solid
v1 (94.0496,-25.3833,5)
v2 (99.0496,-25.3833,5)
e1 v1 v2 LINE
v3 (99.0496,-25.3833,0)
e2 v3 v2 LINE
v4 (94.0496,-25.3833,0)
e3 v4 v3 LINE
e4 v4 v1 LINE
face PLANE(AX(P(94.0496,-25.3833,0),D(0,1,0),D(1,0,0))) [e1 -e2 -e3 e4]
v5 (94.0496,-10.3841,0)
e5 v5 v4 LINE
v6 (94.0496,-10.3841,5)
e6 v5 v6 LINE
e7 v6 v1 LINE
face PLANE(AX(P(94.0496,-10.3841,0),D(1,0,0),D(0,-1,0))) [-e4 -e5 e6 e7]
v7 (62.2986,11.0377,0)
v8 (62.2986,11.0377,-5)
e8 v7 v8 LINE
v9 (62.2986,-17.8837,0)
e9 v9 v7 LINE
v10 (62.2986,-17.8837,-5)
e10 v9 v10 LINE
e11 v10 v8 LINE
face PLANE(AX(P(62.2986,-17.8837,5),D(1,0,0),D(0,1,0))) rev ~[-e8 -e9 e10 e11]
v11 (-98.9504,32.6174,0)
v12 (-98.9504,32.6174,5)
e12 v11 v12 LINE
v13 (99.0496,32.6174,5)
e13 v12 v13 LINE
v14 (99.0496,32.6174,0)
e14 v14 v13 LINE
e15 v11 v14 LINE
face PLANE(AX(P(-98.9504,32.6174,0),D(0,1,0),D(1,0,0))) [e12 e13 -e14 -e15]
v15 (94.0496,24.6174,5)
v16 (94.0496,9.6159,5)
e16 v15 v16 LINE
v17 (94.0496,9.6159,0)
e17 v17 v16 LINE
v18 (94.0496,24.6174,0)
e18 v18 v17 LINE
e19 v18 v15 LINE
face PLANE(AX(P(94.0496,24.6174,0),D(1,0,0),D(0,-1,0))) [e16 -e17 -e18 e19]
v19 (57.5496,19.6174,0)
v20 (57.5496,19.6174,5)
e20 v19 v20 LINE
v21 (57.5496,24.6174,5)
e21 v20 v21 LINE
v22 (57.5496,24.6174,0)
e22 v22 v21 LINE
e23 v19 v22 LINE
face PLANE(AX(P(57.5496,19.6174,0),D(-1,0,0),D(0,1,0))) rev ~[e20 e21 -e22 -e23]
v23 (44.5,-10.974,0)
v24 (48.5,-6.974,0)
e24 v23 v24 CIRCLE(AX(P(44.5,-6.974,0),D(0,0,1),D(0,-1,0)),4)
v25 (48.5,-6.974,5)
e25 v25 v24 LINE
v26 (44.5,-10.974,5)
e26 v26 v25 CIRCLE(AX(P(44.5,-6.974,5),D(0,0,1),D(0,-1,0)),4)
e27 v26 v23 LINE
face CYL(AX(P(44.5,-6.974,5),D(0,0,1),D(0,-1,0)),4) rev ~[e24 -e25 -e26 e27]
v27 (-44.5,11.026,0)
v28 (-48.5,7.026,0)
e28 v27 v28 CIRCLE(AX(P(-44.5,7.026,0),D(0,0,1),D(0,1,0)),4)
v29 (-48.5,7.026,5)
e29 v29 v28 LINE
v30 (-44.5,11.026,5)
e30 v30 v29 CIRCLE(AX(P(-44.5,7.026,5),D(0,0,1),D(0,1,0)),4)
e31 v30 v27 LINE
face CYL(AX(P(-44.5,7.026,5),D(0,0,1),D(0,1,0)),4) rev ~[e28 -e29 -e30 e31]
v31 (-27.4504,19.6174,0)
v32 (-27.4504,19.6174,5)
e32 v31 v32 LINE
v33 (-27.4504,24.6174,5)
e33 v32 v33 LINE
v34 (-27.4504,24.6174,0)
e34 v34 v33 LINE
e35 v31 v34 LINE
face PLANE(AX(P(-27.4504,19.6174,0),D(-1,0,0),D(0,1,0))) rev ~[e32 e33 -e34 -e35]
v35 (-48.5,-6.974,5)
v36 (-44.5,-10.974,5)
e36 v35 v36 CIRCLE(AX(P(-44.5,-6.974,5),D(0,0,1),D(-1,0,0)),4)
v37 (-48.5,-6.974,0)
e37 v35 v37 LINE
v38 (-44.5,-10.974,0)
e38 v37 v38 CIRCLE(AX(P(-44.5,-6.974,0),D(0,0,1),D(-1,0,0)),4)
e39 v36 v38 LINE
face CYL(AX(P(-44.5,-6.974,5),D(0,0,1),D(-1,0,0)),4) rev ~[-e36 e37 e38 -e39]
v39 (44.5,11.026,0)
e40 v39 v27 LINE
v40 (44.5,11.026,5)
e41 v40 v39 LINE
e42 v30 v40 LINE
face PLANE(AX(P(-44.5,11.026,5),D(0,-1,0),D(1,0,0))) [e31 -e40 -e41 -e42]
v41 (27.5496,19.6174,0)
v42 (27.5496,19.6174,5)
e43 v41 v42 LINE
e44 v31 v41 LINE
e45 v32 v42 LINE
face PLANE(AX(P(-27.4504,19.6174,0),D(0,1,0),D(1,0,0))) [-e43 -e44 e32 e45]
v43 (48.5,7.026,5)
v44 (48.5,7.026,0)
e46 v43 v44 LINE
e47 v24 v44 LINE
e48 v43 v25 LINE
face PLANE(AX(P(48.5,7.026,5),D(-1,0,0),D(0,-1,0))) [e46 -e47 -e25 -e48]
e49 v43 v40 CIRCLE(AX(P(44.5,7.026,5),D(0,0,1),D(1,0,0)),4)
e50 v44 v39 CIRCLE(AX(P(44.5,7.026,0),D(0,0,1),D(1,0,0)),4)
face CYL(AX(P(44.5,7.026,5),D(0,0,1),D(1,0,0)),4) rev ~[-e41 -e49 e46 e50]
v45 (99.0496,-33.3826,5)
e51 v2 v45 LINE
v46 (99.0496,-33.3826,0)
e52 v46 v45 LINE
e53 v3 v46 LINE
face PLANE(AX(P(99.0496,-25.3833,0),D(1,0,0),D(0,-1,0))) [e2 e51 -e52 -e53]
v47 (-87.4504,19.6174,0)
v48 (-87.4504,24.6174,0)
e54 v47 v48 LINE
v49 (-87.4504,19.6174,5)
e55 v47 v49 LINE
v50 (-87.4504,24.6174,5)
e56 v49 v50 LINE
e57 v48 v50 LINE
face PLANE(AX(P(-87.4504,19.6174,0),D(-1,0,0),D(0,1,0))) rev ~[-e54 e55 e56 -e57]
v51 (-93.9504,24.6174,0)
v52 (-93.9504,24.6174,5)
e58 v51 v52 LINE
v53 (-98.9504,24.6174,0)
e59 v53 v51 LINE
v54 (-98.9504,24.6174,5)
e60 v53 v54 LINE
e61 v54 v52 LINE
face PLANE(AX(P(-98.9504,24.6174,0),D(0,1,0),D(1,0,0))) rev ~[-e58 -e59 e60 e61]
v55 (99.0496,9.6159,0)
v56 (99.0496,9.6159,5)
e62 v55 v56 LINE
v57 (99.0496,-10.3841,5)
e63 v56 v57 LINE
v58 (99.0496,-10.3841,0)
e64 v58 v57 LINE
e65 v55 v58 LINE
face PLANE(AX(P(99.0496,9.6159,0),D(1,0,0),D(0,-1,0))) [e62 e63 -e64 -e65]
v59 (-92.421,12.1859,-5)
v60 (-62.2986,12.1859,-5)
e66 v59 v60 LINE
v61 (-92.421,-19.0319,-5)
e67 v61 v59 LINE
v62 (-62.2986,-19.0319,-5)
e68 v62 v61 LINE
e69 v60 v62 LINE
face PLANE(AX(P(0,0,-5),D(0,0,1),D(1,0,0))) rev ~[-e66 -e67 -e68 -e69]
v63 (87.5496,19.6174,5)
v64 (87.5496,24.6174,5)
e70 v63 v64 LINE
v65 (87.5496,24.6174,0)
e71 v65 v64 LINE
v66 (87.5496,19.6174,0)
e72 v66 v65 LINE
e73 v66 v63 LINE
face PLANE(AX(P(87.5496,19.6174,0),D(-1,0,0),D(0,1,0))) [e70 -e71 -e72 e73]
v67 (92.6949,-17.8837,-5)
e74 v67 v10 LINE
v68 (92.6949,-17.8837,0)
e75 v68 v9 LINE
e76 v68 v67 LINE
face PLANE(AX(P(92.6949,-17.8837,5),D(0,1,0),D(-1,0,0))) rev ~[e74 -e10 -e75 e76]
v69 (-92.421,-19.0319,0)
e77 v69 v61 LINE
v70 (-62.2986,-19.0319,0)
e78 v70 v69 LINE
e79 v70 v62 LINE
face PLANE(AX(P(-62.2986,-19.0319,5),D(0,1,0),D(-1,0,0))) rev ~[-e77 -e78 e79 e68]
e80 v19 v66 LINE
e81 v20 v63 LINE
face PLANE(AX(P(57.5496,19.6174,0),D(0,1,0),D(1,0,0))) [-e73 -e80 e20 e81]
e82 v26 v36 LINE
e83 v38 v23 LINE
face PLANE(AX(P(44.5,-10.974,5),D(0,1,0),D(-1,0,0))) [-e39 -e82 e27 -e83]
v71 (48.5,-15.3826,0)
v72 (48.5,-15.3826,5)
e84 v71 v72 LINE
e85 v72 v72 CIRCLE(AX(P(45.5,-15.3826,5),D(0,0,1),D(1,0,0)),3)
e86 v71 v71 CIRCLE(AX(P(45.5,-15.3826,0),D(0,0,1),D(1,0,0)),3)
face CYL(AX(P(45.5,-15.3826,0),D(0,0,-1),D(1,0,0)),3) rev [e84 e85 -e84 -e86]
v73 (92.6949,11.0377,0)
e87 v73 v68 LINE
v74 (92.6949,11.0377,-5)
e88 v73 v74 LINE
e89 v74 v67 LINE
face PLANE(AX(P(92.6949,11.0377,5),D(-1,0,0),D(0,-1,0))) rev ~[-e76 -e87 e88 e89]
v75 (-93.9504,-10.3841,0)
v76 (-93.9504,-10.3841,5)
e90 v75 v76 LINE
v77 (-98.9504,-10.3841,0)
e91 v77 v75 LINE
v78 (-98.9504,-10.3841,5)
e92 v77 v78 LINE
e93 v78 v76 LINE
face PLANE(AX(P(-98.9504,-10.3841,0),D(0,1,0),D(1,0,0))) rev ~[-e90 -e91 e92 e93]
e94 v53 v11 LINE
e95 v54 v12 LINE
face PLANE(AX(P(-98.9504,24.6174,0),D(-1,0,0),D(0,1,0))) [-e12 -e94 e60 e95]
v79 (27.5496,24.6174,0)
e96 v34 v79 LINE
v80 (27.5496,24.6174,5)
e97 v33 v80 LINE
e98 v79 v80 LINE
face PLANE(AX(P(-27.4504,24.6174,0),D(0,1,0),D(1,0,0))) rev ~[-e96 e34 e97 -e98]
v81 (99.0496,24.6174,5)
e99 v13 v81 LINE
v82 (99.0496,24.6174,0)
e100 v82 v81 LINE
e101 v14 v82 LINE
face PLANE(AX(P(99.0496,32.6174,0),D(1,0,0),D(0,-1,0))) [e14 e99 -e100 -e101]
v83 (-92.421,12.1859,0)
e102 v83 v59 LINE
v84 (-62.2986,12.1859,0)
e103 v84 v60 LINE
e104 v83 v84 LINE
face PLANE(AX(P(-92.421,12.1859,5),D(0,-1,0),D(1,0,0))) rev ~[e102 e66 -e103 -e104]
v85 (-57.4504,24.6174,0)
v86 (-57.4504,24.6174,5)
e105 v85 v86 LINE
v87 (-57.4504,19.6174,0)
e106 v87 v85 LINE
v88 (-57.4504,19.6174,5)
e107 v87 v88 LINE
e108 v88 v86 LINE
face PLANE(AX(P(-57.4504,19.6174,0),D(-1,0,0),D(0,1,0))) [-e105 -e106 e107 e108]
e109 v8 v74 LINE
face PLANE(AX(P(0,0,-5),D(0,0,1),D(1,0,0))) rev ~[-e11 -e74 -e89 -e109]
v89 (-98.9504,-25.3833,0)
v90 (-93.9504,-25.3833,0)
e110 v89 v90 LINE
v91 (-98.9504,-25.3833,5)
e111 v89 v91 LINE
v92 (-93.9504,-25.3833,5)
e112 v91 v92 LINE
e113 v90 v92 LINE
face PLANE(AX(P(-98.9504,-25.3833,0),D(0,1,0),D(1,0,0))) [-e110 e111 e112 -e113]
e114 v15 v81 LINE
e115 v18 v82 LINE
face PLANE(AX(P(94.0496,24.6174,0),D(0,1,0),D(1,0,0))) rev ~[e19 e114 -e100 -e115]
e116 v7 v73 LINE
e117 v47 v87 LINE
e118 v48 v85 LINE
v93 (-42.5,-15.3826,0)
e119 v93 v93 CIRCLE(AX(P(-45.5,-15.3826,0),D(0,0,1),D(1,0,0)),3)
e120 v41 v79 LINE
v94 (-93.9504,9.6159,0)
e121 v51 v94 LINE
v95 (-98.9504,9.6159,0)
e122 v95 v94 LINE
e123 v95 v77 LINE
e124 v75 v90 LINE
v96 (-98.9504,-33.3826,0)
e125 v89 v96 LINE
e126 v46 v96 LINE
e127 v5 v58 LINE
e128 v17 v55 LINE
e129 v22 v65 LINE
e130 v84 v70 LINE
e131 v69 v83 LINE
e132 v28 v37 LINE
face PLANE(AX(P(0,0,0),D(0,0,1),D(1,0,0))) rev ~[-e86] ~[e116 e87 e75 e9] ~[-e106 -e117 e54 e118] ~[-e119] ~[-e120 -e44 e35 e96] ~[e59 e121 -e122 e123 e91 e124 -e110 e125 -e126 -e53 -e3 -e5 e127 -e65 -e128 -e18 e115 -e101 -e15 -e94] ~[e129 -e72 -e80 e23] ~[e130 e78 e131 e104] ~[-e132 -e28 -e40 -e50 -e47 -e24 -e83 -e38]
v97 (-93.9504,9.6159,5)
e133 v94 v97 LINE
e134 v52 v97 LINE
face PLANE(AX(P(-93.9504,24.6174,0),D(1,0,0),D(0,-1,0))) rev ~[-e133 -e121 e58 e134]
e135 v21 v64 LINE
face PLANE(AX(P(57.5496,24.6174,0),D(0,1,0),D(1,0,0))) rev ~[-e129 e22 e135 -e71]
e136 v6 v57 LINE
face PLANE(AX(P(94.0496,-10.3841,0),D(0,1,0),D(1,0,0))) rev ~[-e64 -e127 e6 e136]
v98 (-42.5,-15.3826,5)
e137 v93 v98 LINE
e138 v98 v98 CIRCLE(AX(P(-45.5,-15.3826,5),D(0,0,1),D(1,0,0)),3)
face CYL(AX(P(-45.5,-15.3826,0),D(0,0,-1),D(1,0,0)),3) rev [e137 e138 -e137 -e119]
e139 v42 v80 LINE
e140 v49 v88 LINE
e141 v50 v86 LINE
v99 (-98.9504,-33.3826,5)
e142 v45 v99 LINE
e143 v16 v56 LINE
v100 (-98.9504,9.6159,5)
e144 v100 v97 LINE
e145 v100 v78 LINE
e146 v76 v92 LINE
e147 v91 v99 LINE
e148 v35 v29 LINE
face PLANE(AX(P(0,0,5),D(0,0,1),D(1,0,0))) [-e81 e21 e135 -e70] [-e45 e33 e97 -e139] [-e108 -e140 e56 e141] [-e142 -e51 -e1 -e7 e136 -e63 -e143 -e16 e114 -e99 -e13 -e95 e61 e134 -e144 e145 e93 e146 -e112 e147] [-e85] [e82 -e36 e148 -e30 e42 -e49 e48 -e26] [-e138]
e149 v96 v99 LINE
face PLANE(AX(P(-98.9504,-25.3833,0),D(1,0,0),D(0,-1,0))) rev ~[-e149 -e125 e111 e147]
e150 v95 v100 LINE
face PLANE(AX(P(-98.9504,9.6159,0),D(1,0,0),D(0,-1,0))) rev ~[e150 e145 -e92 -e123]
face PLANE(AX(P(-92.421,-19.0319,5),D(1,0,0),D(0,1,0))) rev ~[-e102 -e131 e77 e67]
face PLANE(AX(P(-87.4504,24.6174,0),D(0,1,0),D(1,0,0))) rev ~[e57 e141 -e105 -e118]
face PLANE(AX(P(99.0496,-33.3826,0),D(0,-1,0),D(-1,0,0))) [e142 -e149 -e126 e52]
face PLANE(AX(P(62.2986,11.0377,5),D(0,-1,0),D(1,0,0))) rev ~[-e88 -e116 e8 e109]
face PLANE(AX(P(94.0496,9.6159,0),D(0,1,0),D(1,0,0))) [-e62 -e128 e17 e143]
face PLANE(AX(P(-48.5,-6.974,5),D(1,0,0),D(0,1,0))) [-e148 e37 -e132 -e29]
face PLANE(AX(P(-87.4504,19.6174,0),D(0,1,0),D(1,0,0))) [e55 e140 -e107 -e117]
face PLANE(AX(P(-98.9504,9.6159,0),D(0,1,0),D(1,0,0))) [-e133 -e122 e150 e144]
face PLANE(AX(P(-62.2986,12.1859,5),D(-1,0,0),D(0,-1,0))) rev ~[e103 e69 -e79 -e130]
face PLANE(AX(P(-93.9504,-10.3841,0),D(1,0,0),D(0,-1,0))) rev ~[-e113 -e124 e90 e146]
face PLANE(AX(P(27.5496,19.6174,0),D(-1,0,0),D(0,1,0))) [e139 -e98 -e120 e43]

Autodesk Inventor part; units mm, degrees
ref_plane "YZ Plane" through (0, 0, 0) normal (1, 0, 0) x (0, 1, 0)
ref_plane "XZ Plane" through (0, 0, 0) normal (0, 1, 0) x (-1, 0, 0)
ref_plane "XY Plane" through (0, 0, 0) normal (0, 0, 1) x (1, 0, 0)
sketch "Sketch1" plane through (0, 0, 0) normal (0, 0, 1) x (1, 0, 0)
  circle A0 centre (45.5, -15.3826) radius 3
  circle A1 centre (-45.5, -15.3826) radius 3
  line L0 (44.6636, 0.7689) -> (35.6636, 0.7689)
  line L1 (33.6636, 2.7689) -> (33.6636, 5.2689)
  line L2 (46.6636, 5.2689) -> (46.6636, 2.7689)
  line L3 (29.9455, -2.1666) -> (-2.0545, -2.1666)
  line L4 (-4.0545, -0.1666) -> (-4.0545, 2.8334)
  line L5 (31.9455, 2.8334) -> (31.9455, -0.1666)
  circle A2 centre (89.024, -15.4039) radius 1.5
  circle A3 centre (65.024, -15.4039) radius 1.5
  circle A4 centre (89.024, 8.5961) radius 1.5
  circle A5 centre (65.024, 8.5961) radius 1.5
  arc A6 (67.8322, 7.6809) -> (67.8322, -14.4886) centre (77.024, -3.4039) ccw
  line L6 (69.3366, 7.4111) -> (71.8641, 3.0334)
  arc A7 (71.8641, 3.0334) -> (71.8641, -9.8411) centre (77.024, -3.4039) ccw
  line L7 (71.8641, -9.8411) -> (69.3366, -14.2188)
  arc A8 (67.8322, -14.4886) -> (69.3366, -14.2188) centre (68.4705, -13.7188) ccw
  arc A9 (69.3366, 7.4111) -> (67.8322, 7.6809) centre (68.4705, 6.9111) ccw
  arc A10 (91.2195, -0.986) -> (72.0202, 10.0988) centre (77.024, -3.4039) ccw
  arc A11 (72.0202, 10.0988) -> (71.5016, 8.6611) centre (72.3677, 9.1611) ccw
  line L8 (74.0291, 4.2834) -> (71.5016, 8.6611)
  arc A12 (85.1787, -2.1539) -> (74.0291, 4.2834) centre (77.024, -3.4039) ccw
  line L9 (90.2337, -2.1539) -> (85.1787, -2.1539)
  arc A13 (90.2337, -2.1539) -> (91.2195, -0.986) centre (90.2337, -1.1539) ccw
  line L10 (85.1787, -4.6539) -> (90.2337, -4.6539)
  arc A14 (91.2195, -5.8218) -> (90.2337, -4.6539) centre (90.2337, -5.6539) ccw
  arc A15 (72.0202, -16.9065) -> (91.2195, -5.8218) centre (77.024, -3.4039) ccw
  arc A16 (71.5016, -15.4688) -> (72.0202, -16.9065) centre (72.3677, -15.9688) ccw
  line L11 (71.5016, -15.4688) -> (74.0291, -11.0911)
  arc A17 (74.0291, -11.0911) -> (85.1787, -4.6539) centre (77.024, -3.4039) ccw
  circle A18 centre (-64.8953, -15.374) radius 1.5
  circle A19 centre (-88.8953, -15.374) radius 1.5
  circle A20 centre (-88.8953, 8.626) radius 1.5
  circle A21 centre (-64.8953, 8.626) radius 1.5
  arc A22 (-62.6997, -0.956) -> (-81.8991, 10.1287) centre (-76.8953, -3.374) ccw
  arc A23 (-81.8991, 10.1287) -> (-82.4176, 8.691) centre (-81.5516, 9.191) ccw
  line L12 (-79.8901, 4.3133) -> (-82.4176, 8.691)
  line L13 (-84.5827, 7.441) -> (-82.0552, 3.0633)
  arc A24 (-84.5827, 7.441) -> (-86.087, 7.7108) centre (-85.4487, 6.941) ccw
  arc A25 (-86.087, 7.7108) -> (-86.087, -14.4587) centre (-76.8953, -3.374) ccw
  arc A26 (-82.0552, 3.0633) -> (-82.0552, -9.8112) centre (-76.8953, -3.374) ccw
  arc A27 (-68.7405, -2.124) -> (-79.8901, 4.3133) centre (-76.8953, -3.374) ccw
  line L14 (-63.6855, -2.124) -> (-68.7405, -2.124)
  arc A28 (-63.6855, -2.124) -> (-62.6997, -0.956) centre (-63.6855, -1.124) ccw
  line L15 (-68.7405, -4.624) -> (-63.6855, -4.624)
  arc A29 (-62.6997, -5.7919) -> (-63.6855, -4.624) centre (-63.6855, -5.624) ccw
  arc A30 (-81.8991, -16.8766) -> (-62.6997, -5.7919) centre (-76.8953, -3.374) ccw
  arc A31 (-79.8901, -11.0612) -> (-68.7405, -4.624) centre (-76.8953, -3.374) ccw
  line L16 (-82.4176, -15.4389) -> (-79.8901, -11.0612)
  arc A32 (-82.4176, -15.4389) -> (-81.8991, -16.8766) centre (-81.5516, -15.9389) ccw
  line L17 (-82.0552, -9.8112) -> (-84.5827, -14.1889)
  arc A33 (-86.087, -14.4587) -> (-84.5827, -14.1889) centre (-85.4487, -13.6889) ccw
  line L18 (-2.0545, 4.8334) -> (29.9455, 4.8334)
  line L19 (35.6636, 7.2689) -> (44.6636, 7.2689)
  arc A34 (-4.0545, -0.1666) -> (-2.0545, -2.1666) centre (-2.0545, -0.1666) ccw
  arc A35 (-2.0545, 4.8334) -> (-4.0545, 2.8334) centre (-2.0545, 2.8334) ccw
  arc A36 (31.9455, 2.8334) -> (29.9455, 4.8334) centre (29.9455, 2.8334) ccw
  arc A37 (29.9455, -2.1666) -> (31.9455, -0.1666) centre (29.9455, -0.1666) ccw
  arc A38 (33.6636, 2.7689) -> (35.6636, 0.7689) centre (35.6636, 2.7689) ccw
  arc A39 (35.6636, 7.2689) -> (33.6636, 5.2689) centre (35.6636, 5.2689) ccw
  arc A40 (46.6636, 5.2689) -> (44.6636, 7.2689) centre (44.6636, 5.2689) ccw
  arc A41 (44.6636, 0.7689) -> (46.6636, 2.7689) centre (44.6636, 2.7689) ccw
  line L20 (-87.4504, 24.6174) -> (-57.4504, 24.6174)
  line L21 (-87.4504, 19.6174) -> (-87.4504, 24.6174)
  line L22 (-87.4504, 19.6174) -> (-57.4504, 19.6174)
  line L23 (-57.4504, 19.6174) -> (-57.4504, 24.6174)
  line L24 (-27.4504, 19.6174) -> (27.5496, 19.6174)
  line L25 (27.5496, 19.6174) -> (27.5496, 24.6174)
  line L26 (-27.4504, 24.6174) -> (27.5496, 24.6174)
  line L27 (-27.4504, 19.6174) -> (-27.4504, 24.6174)
  line L28 (57.5496, 19.6174) -> (87.5496, 19.6174)
  line L29 (87.5496, 19.6174) -> (87.5496, 24.6174)
  line L30 (57.5496, 24.6174) -> (87.5496, 24.6174)
  line L31 (57.5496, 19.6174) -> (57.5496, 24.6174)
  line L32 (-98.9504, -25.3833) -> (-98.9504, -33.3826)
  line L33 (99.0496, -33.3826) -> (-98.9504, -33.3826)
  line L34 (-98.9504, 24.6174) -> (-93.9504, 24.6174)
  line L35 (-93.9504, 24.6174) -> (-93.9504, 9.6159)
  line L36 (-98.9504, 9.6159) -> (-93.9504, 9.6159)
  line L37 (-98.9504, 9.6159) -> (-98.9504, -10.3841)
  line L38 (-98.9504, -10.3841) -> (-93.9504, -10.3841)
  line L39 (-93.9504, -10.3841) -> (-93.9504, -25.3833)
  line L40 (-98.9504, -25.3833) -> (-93.9504, -25.3833)
  line L41 (99.0496, -25.3833) -> (99.0496, -33.3833)
  line L42 (94.0496, -25.3833) -> (99.0496, -25.3833)
  line L43 (94.0496, -10.3841) -> (94.0496, -25.3833)
  line L44 (94.0496, -10.3841) -> (99.0496, -10.3841)
  line L45 (99.0496, 9.6159) -> (99.0496, -10.3841)
  line L46 (94.0496, 9.6159) -> (99.0496, 9.6159)
  line L47 (94.0496, 24.6174) -> (94.0496, 9.6159)
  line L48 (94.0496, 24.6174) -> (99.0496, 24.6174)
  line L49 (-98.9504, 24.6174) -> (-98.9504, 32.6174)
  line L50 (-98.9504, 32.6174) -> (99.0496, 32.6174)
  line L51 (99.0496, 32.6174) -> (99.0496, 24.6174)
  line L52 (-22.6436, -2.2792) -> (-22.6436, -8.2792)
  line L53 (-35.6436, -0.2792) -> (-24.6436, -0.2792)
  line L54 (-24.6436, -10.2792) -> (-35.6436, -10.2792)
  line L55 (-37.6436, -8.2792) -> (-37.6436, -2.2792)
  arc A42 (-35.6436, -0.2792) -> (-37.6436, -2.2792) centre (-35.6436, -2.2792) ccw
  arc A43 (-22.6436, -2.2792) -> (-24.6436, -0.2792) centre (-24.6436, -2.2792) ccw
  arc A44 (-24.6436, -10.2792) -> (-22.6436, -8.2792) centre (-24.6436, -8.2792) ccw
  arc A45 (-37.6436, -8.2792) -> (-35.6436, -10.2792) centre (-35.6436, -8.2792) ccw
  line L56 (-5.5869, 3.8805) -> (-5.5869, -1.877)
  line L57 (-7.5869, -3.877) -> (-13.5192, -3.877)
  line L58 (-15.5192, -1.877) -> (-15.5192, 3.8805)
  line L59 (-13.5192, 5.8805) -> (-7.5869, 5.8805)
  arc A46 (-13.5192, 5.8805) -> (-15.5192, 3.8805) centre (-13.5192, 3.8805) ccw
  arc A47 (-15.5192, -1.877) -> (-13.5192, -3.877) centre (-13.5192, -1.877) ccw
  arc A48 (-5.5869, 3.8805) -> (-7.5869, 5.8805) centre (-7.5869, 3.8805) ccw
  arc A49 (-7.5869, -3.877) -> (-5.5869, -1.877) centre (-7.5869, -1.877) ccw
  point P0 (-90.9348, -30.6649)
  point P1 (27.5, 24.6174)
  point P2 (0, 0)
  point P3 (-22.6436, -0.2792)
  point P4 (-22.6436, -10.2792)
  point P5 (-37.6436, -0.2792)
  point P6 (-37.6436, -10.2792)
  point P7 (-2.0545, 2.8334)
  dimension "d22" = 91
  dimension "d27" = 7
  dimension "d28" = 36
  dimension "d29" = 13
  dimension "d30" = 6.5
  dimension "d35" = 18
  dimension "d36" = 18
  dimension "d37" = 66
  dimension "d38" = 45.5
  dimension "d39" = 6
  dimension "d40" = 6
  dimension "d41" = 198
extrude "Extrusion1" add sketch "Sketch1" along normal blind 5
sketch "Sketch2" plane through (0, 0, 5) normal (0, 0, 1) x (1, 0, 0)
  line L0 (-44.5, 11.026) -> (44.5, 11.026)
  line L1 (48.5, 7.026) -> (48.5, -6.974)
  line L2 (44.5, -10.974) -> (-44.5, -10.974)
  line L3 (-48.5, -6.974) -> (-48.5, 7.026)
  arc A0 (-44.5, 11.026) -> (-48.5, 7.026) centre (-44.5, 7.026) ccw
  arc A1 (48.5, 7.026) -> (44.5, 11.026) centre (44.5, 7.026) ccw
  arc A2 (44.5, -10.974) -> (48.5, -6.974) centre (44.5, -6.974) ccw
  arc A3 (-48.5, -6.974) -> (-44.5, -10.974) centre (-44.5, -6.974) ccw
  line L4 (99.0496, -10.3841) -> (99.0496, 9.6159) projected
  line L5 (-98.9504, -33.3826) -> (99.0496, -33.3826) projected
  circle A4 centre (-45.5, -15.3826) radius 3 projected
  circle A5 centre (45.5, -15.3826) radius 3 projected
  arc A6 (-62.6997, -0.956) -> (-81.8991, 10.1287) centre (-76.8953, -3.374) ccw projected
  point P0 (0, 0)
  point P1 (-76.8953, -3.374)
  dimension "d48" = 4
  dimension "d58" = 97
  dimension "d59" = 22
  dimension "d60" = 50.5496
  dimension "d61" = 22.4087
extrude "Extrusion2" cut sketch "Sketch2" against normal up to next contours L0 A1 L1 A2 L2 A3 L3 A0
sketch "Sketch3" plane through (0, 0, 5) normal (0, 0, 1) x (1, 0, 0)
  line L0 (-92.421, 12.1859) -> (-62.2986, 12.1859)
  line L1 (-62.2986, 12.1859) -> (-62.2986, -19.0319)
  line L2 (-62.2986, -19.0319) -> (-92.421, -19.0319)
  line L3 (-92.421, -19.0319) -> (-92.421, 12.1859)
  line L4 (-92.421, 12.1859) -> (-62.2986, -19.0319) construction
  line L5 (-62.2986, 12.1859) -> (-92.421, -19.0319) construction
  line L6 (62.2986, 11.0377) -> (92.6949, 11.0377)
  line L7 (92.6949, 11.0377) -> (92.6949, -17.8837)
  line L8 (92.6949, -17.8837) -> (62.2986, -17.8837)
  line L9 (62.2986, -17.8837) -> (62.2986, 11.0377)
  line L10 (62.2986, 11.0377) -> (92.6949, -17.8837) construction
  line L11 (92.6949, 11.0377) -> (62.2986, -17.8837) construction
  point P0 (0, 0)
  point P1 (-77.3598, -3.423)
  point P2 (77.4968, -3.423)
extrude "Extrusion3" add sketch "Sketch3" against normal blind 10
properties part number "case bottom back" material "Titanium"
